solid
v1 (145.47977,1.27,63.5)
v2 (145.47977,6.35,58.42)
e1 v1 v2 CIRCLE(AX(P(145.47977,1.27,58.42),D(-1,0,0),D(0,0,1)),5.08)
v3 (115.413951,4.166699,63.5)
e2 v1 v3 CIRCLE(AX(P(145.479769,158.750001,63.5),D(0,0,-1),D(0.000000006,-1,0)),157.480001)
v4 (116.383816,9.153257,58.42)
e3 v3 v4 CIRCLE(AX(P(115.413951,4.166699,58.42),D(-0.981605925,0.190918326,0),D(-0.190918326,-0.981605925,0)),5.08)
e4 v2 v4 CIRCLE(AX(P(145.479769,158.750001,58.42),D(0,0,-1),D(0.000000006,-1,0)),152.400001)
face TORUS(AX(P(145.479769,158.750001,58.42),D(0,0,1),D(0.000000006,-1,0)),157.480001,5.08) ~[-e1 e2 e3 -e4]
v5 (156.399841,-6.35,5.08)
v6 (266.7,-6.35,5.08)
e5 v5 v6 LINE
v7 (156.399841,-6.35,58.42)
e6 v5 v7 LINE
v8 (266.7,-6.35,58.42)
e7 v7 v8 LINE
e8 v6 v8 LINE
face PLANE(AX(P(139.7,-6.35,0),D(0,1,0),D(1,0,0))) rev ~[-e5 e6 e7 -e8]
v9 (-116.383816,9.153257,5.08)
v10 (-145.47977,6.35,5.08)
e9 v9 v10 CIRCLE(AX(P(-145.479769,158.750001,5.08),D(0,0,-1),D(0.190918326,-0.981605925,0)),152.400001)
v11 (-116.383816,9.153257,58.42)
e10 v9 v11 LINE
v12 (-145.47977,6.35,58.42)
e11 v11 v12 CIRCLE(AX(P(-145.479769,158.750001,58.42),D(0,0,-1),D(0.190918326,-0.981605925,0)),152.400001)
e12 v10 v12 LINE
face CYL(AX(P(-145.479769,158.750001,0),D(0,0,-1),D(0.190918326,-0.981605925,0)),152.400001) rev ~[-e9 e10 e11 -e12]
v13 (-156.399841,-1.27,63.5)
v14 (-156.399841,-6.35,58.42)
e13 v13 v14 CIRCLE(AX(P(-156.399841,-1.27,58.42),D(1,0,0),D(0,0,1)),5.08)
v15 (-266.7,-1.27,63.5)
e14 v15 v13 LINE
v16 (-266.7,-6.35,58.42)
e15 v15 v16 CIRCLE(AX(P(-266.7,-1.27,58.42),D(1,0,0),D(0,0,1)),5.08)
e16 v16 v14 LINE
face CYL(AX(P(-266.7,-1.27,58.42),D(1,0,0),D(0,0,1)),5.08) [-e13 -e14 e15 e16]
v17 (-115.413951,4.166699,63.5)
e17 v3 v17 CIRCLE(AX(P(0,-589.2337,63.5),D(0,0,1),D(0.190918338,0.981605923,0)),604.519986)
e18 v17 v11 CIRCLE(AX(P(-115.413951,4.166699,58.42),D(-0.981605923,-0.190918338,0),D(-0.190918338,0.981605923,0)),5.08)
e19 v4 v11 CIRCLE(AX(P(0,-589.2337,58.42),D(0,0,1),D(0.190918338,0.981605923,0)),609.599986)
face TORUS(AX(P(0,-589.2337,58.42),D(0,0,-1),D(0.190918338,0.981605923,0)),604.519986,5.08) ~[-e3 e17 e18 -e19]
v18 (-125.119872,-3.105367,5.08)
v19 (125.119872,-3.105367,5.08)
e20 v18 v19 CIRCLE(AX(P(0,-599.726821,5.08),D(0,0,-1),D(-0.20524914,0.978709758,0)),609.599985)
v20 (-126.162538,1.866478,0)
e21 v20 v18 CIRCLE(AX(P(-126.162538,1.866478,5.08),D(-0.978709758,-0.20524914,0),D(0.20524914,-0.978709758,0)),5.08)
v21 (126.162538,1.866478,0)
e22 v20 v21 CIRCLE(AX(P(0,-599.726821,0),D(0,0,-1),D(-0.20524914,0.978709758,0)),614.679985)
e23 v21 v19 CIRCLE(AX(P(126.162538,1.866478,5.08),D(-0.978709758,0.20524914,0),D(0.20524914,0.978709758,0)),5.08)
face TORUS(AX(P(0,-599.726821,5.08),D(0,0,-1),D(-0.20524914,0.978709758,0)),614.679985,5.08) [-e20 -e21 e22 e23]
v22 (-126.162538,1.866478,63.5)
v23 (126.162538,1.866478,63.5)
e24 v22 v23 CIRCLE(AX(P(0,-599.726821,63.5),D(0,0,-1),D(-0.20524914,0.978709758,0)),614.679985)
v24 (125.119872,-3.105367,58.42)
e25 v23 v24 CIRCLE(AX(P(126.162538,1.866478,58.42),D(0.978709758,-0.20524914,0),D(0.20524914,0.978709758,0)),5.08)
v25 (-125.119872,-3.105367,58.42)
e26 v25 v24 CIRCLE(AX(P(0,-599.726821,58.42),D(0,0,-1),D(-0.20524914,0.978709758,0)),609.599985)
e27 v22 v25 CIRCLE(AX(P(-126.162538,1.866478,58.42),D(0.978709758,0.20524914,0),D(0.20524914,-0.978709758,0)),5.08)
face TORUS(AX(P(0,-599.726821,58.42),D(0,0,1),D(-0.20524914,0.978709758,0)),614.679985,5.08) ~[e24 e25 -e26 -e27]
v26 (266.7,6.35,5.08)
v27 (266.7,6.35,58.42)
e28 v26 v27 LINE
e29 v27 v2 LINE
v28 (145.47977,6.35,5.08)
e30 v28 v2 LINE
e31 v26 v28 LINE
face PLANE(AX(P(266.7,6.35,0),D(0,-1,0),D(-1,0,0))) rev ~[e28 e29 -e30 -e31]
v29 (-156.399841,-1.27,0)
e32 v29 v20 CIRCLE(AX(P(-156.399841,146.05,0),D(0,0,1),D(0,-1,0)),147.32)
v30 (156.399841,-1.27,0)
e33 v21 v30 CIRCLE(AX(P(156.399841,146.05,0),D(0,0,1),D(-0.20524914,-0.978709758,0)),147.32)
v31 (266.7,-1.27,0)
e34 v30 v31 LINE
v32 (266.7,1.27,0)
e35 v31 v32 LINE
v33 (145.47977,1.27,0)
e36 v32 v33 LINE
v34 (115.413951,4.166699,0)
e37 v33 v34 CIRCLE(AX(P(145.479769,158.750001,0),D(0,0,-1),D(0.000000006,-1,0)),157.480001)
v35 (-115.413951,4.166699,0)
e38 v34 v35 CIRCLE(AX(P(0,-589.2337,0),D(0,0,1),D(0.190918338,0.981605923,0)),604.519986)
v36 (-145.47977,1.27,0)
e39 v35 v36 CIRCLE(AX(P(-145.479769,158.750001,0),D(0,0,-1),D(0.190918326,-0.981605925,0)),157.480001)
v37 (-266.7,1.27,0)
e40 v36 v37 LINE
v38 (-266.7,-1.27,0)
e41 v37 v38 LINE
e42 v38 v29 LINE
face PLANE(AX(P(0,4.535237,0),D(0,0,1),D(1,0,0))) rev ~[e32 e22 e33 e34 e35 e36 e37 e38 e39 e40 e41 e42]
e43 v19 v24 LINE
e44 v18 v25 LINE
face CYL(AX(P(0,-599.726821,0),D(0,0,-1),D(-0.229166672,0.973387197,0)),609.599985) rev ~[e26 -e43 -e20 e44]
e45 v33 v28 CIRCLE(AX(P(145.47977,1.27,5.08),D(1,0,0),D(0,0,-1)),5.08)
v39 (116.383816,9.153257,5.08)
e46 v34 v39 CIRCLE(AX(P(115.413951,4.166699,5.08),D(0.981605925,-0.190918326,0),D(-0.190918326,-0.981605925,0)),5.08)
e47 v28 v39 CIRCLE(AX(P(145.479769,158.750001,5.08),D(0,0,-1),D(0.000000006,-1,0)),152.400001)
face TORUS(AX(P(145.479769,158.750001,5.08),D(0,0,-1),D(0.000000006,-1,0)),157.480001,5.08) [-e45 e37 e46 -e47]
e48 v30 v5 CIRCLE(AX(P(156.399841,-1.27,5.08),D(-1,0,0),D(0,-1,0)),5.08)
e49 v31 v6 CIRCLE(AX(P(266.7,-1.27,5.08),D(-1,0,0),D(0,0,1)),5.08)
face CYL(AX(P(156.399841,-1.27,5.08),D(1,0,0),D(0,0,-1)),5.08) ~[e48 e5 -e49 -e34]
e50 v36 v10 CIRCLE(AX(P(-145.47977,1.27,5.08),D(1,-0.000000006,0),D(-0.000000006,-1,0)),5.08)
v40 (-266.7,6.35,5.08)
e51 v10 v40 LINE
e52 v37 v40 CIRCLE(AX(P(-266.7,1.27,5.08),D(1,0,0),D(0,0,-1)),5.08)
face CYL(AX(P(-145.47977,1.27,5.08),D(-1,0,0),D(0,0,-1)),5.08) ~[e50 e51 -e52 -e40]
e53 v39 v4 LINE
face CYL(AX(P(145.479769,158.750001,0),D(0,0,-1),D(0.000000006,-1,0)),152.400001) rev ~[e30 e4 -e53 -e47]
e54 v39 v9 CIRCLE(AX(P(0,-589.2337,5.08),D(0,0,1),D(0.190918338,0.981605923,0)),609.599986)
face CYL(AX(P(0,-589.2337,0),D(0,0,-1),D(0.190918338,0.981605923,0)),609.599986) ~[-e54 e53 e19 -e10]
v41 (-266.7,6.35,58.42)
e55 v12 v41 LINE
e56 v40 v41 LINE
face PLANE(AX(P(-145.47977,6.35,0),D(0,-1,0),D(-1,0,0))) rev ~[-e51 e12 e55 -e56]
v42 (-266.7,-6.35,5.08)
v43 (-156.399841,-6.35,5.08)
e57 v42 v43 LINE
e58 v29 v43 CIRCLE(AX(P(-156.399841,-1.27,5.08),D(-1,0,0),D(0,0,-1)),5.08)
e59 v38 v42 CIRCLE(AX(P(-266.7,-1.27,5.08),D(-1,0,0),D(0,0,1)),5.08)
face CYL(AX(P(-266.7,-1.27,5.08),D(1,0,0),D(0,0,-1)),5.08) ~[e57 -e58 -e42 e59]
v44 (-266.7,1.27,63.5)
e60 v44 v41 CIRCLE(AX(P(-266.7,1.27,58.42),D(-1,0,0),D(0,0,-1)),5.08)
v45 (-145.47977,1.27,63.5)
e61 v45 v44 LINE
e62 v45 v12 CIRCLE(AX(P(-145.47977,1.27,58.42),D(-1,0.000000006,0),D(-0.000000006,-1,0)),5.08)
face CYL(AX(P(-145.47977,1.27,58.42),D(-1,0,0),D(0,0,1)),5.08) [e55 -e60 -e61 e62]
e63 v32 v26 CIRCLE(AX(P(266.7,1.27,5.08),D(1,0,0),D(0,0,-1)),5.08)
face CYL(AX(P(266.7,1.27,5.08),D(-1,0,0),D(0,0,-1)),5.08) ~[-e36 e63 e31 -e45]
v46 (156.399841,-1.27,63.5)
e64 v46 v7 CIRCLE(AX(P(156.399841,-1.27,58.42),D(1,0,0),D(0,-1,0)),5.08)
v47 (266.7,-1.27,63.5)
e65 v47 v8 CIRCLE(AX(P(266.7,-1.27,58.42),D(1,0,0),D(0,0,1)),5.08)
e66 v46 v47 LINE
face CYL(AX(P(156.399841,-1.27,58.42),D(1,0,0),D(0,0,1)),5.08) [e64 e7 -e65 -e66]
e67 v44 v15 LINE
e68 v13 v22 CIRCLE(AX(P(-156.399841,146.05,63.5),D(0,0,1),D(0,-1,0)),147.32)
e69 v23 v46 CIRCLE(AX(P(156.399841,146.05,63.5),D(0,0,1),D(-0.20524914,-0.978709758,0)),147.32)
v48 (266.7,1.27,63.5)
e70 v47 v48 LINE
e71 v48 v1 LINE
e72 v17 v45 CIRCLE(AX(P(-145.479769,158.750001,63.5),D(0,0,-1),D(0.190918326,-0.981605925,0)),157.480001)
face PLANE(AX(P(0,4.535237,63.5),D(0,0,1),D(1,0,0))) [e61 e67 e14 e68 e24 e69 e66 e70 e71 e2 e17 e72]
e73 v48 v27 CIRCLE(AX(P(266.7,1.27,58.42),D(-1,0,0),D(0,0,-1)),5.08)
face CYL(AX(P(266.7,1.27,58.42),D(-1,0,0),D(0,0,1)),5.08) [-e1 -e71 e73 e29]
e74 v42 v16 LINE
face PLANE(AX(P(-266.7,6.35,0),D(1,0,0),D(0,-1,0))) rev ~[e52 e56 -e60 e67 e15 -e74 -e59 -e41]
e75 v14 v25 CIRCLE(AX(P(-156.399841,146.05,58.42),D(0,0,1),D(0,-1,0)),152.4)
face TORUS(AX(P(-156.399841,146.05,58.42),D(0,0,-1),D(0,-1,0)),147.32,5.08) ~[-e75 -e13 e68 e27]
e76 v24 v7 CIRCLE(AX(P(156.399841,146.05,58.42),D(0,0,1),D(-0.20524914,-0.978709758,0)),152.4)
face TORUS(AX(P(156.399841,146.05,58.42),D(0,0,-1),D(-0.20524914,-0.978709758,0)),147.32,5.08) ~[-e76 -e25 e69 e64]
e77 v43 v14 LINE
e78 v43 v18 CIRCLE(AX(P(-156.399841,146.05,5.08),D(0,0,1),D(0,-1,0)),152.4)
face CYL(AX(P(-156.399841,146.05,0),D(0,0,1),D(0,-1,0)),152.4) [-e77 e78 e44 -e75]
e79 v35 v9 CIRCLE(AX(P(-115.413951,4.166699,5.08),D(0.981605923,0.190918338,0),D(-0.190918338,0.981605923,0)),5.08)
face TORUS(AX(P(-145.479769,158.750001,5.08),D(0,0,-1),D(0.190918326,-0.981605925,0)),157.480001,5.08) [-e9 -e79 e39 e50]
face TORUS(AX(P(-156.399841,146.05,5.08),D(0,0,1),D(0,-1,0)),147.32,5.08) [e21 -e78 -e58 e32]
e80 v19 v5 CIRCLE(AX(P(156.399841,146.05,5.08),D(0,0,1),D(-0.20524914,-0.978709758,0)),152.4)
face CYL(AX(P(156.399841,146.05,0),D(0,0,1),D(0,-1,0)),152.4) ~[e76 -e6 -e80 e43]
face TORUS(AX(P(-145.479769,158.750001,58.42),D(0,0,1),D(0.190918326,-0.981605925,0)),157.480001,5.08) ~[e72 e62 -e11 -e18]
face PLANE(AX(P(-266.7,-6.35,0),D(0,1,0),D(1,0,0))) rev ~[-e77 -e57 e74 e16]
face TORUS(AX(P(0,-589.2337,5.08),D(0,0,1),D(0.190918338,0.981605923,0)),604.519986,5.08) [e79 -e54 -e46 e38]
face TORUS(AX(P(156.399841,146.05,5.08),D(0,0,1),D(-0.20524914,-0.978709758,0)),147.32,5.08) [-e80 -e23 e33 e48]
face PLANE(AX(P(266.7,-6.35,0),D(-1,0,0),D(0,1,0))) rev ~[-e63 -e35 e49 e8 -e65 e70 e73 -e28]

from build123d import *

# Parameters (mm, degrees)
F1_DEPTH = 63.5
F2_R     = 152.4
F3_R     = 5.08
F4_R     = 5.08


with BuildPart() as f1:
    # F0 (on Top) → F1 (new body)
    with BuildSketch(Plane.XY):
        with BuildLine():
            Line((139.7, -6.35), (266.7, -6.35))
            Line((266.7, -6.35), (266.7, 6.35))
            Line((266.7, 6.35), (145.47977, 6.35))
            ThreePointArc((145.47977, 6.35), (130.864429, 7.052433), (116.383816, 9.153257))
            ThreePointArc((116.383816, 9.153257), (0, 20.366286), (-116.383816, 9.153257))
            ThreePointArc((-116.383816, 9.153257), (-130.864429, 7.052433), (-145.47977, 6.35))
            Line((-145.47977, 6.35), (-266.7, 6.35))
            Line((-266.7, 6.35), (-266.7, -6.35))
            Line((-266.7, -6.35), (-139.7, -6.35))
            ThreePointArc((-139.7, -6.35), (0, 9.873164), (139.7, -6.35))
        make_face()
    extrude(amount=F1_DEPTH)

    # F2
    f2_edges = [f1.edges().sort_by_distance(p)[0] for p in [
        (139.7, -6.35, 31.75),
        (-139.7, -6.35, 31.75),
    ]]
    fillet(f2_edges, radius=F2_R)

    # F3
    f3_edges = [f1.edges().sort_by_distance(p)[0] for p in [
        (-211.54992, -6.35, 63.5),
        (-206.089885, 6.35, 63.5),
    ]]
    fillet(f3_edges, radius=F3_R)

    # F4
    f4_edges = [f1.edges().sort_by_distance(p)[0] for p in [
        (-206.089885, 6.35, 0),
        (-211.54992, -6.35, 0),
    ]]
    fillet(f4_edges, radius=F4_R)


solid = f1.part
